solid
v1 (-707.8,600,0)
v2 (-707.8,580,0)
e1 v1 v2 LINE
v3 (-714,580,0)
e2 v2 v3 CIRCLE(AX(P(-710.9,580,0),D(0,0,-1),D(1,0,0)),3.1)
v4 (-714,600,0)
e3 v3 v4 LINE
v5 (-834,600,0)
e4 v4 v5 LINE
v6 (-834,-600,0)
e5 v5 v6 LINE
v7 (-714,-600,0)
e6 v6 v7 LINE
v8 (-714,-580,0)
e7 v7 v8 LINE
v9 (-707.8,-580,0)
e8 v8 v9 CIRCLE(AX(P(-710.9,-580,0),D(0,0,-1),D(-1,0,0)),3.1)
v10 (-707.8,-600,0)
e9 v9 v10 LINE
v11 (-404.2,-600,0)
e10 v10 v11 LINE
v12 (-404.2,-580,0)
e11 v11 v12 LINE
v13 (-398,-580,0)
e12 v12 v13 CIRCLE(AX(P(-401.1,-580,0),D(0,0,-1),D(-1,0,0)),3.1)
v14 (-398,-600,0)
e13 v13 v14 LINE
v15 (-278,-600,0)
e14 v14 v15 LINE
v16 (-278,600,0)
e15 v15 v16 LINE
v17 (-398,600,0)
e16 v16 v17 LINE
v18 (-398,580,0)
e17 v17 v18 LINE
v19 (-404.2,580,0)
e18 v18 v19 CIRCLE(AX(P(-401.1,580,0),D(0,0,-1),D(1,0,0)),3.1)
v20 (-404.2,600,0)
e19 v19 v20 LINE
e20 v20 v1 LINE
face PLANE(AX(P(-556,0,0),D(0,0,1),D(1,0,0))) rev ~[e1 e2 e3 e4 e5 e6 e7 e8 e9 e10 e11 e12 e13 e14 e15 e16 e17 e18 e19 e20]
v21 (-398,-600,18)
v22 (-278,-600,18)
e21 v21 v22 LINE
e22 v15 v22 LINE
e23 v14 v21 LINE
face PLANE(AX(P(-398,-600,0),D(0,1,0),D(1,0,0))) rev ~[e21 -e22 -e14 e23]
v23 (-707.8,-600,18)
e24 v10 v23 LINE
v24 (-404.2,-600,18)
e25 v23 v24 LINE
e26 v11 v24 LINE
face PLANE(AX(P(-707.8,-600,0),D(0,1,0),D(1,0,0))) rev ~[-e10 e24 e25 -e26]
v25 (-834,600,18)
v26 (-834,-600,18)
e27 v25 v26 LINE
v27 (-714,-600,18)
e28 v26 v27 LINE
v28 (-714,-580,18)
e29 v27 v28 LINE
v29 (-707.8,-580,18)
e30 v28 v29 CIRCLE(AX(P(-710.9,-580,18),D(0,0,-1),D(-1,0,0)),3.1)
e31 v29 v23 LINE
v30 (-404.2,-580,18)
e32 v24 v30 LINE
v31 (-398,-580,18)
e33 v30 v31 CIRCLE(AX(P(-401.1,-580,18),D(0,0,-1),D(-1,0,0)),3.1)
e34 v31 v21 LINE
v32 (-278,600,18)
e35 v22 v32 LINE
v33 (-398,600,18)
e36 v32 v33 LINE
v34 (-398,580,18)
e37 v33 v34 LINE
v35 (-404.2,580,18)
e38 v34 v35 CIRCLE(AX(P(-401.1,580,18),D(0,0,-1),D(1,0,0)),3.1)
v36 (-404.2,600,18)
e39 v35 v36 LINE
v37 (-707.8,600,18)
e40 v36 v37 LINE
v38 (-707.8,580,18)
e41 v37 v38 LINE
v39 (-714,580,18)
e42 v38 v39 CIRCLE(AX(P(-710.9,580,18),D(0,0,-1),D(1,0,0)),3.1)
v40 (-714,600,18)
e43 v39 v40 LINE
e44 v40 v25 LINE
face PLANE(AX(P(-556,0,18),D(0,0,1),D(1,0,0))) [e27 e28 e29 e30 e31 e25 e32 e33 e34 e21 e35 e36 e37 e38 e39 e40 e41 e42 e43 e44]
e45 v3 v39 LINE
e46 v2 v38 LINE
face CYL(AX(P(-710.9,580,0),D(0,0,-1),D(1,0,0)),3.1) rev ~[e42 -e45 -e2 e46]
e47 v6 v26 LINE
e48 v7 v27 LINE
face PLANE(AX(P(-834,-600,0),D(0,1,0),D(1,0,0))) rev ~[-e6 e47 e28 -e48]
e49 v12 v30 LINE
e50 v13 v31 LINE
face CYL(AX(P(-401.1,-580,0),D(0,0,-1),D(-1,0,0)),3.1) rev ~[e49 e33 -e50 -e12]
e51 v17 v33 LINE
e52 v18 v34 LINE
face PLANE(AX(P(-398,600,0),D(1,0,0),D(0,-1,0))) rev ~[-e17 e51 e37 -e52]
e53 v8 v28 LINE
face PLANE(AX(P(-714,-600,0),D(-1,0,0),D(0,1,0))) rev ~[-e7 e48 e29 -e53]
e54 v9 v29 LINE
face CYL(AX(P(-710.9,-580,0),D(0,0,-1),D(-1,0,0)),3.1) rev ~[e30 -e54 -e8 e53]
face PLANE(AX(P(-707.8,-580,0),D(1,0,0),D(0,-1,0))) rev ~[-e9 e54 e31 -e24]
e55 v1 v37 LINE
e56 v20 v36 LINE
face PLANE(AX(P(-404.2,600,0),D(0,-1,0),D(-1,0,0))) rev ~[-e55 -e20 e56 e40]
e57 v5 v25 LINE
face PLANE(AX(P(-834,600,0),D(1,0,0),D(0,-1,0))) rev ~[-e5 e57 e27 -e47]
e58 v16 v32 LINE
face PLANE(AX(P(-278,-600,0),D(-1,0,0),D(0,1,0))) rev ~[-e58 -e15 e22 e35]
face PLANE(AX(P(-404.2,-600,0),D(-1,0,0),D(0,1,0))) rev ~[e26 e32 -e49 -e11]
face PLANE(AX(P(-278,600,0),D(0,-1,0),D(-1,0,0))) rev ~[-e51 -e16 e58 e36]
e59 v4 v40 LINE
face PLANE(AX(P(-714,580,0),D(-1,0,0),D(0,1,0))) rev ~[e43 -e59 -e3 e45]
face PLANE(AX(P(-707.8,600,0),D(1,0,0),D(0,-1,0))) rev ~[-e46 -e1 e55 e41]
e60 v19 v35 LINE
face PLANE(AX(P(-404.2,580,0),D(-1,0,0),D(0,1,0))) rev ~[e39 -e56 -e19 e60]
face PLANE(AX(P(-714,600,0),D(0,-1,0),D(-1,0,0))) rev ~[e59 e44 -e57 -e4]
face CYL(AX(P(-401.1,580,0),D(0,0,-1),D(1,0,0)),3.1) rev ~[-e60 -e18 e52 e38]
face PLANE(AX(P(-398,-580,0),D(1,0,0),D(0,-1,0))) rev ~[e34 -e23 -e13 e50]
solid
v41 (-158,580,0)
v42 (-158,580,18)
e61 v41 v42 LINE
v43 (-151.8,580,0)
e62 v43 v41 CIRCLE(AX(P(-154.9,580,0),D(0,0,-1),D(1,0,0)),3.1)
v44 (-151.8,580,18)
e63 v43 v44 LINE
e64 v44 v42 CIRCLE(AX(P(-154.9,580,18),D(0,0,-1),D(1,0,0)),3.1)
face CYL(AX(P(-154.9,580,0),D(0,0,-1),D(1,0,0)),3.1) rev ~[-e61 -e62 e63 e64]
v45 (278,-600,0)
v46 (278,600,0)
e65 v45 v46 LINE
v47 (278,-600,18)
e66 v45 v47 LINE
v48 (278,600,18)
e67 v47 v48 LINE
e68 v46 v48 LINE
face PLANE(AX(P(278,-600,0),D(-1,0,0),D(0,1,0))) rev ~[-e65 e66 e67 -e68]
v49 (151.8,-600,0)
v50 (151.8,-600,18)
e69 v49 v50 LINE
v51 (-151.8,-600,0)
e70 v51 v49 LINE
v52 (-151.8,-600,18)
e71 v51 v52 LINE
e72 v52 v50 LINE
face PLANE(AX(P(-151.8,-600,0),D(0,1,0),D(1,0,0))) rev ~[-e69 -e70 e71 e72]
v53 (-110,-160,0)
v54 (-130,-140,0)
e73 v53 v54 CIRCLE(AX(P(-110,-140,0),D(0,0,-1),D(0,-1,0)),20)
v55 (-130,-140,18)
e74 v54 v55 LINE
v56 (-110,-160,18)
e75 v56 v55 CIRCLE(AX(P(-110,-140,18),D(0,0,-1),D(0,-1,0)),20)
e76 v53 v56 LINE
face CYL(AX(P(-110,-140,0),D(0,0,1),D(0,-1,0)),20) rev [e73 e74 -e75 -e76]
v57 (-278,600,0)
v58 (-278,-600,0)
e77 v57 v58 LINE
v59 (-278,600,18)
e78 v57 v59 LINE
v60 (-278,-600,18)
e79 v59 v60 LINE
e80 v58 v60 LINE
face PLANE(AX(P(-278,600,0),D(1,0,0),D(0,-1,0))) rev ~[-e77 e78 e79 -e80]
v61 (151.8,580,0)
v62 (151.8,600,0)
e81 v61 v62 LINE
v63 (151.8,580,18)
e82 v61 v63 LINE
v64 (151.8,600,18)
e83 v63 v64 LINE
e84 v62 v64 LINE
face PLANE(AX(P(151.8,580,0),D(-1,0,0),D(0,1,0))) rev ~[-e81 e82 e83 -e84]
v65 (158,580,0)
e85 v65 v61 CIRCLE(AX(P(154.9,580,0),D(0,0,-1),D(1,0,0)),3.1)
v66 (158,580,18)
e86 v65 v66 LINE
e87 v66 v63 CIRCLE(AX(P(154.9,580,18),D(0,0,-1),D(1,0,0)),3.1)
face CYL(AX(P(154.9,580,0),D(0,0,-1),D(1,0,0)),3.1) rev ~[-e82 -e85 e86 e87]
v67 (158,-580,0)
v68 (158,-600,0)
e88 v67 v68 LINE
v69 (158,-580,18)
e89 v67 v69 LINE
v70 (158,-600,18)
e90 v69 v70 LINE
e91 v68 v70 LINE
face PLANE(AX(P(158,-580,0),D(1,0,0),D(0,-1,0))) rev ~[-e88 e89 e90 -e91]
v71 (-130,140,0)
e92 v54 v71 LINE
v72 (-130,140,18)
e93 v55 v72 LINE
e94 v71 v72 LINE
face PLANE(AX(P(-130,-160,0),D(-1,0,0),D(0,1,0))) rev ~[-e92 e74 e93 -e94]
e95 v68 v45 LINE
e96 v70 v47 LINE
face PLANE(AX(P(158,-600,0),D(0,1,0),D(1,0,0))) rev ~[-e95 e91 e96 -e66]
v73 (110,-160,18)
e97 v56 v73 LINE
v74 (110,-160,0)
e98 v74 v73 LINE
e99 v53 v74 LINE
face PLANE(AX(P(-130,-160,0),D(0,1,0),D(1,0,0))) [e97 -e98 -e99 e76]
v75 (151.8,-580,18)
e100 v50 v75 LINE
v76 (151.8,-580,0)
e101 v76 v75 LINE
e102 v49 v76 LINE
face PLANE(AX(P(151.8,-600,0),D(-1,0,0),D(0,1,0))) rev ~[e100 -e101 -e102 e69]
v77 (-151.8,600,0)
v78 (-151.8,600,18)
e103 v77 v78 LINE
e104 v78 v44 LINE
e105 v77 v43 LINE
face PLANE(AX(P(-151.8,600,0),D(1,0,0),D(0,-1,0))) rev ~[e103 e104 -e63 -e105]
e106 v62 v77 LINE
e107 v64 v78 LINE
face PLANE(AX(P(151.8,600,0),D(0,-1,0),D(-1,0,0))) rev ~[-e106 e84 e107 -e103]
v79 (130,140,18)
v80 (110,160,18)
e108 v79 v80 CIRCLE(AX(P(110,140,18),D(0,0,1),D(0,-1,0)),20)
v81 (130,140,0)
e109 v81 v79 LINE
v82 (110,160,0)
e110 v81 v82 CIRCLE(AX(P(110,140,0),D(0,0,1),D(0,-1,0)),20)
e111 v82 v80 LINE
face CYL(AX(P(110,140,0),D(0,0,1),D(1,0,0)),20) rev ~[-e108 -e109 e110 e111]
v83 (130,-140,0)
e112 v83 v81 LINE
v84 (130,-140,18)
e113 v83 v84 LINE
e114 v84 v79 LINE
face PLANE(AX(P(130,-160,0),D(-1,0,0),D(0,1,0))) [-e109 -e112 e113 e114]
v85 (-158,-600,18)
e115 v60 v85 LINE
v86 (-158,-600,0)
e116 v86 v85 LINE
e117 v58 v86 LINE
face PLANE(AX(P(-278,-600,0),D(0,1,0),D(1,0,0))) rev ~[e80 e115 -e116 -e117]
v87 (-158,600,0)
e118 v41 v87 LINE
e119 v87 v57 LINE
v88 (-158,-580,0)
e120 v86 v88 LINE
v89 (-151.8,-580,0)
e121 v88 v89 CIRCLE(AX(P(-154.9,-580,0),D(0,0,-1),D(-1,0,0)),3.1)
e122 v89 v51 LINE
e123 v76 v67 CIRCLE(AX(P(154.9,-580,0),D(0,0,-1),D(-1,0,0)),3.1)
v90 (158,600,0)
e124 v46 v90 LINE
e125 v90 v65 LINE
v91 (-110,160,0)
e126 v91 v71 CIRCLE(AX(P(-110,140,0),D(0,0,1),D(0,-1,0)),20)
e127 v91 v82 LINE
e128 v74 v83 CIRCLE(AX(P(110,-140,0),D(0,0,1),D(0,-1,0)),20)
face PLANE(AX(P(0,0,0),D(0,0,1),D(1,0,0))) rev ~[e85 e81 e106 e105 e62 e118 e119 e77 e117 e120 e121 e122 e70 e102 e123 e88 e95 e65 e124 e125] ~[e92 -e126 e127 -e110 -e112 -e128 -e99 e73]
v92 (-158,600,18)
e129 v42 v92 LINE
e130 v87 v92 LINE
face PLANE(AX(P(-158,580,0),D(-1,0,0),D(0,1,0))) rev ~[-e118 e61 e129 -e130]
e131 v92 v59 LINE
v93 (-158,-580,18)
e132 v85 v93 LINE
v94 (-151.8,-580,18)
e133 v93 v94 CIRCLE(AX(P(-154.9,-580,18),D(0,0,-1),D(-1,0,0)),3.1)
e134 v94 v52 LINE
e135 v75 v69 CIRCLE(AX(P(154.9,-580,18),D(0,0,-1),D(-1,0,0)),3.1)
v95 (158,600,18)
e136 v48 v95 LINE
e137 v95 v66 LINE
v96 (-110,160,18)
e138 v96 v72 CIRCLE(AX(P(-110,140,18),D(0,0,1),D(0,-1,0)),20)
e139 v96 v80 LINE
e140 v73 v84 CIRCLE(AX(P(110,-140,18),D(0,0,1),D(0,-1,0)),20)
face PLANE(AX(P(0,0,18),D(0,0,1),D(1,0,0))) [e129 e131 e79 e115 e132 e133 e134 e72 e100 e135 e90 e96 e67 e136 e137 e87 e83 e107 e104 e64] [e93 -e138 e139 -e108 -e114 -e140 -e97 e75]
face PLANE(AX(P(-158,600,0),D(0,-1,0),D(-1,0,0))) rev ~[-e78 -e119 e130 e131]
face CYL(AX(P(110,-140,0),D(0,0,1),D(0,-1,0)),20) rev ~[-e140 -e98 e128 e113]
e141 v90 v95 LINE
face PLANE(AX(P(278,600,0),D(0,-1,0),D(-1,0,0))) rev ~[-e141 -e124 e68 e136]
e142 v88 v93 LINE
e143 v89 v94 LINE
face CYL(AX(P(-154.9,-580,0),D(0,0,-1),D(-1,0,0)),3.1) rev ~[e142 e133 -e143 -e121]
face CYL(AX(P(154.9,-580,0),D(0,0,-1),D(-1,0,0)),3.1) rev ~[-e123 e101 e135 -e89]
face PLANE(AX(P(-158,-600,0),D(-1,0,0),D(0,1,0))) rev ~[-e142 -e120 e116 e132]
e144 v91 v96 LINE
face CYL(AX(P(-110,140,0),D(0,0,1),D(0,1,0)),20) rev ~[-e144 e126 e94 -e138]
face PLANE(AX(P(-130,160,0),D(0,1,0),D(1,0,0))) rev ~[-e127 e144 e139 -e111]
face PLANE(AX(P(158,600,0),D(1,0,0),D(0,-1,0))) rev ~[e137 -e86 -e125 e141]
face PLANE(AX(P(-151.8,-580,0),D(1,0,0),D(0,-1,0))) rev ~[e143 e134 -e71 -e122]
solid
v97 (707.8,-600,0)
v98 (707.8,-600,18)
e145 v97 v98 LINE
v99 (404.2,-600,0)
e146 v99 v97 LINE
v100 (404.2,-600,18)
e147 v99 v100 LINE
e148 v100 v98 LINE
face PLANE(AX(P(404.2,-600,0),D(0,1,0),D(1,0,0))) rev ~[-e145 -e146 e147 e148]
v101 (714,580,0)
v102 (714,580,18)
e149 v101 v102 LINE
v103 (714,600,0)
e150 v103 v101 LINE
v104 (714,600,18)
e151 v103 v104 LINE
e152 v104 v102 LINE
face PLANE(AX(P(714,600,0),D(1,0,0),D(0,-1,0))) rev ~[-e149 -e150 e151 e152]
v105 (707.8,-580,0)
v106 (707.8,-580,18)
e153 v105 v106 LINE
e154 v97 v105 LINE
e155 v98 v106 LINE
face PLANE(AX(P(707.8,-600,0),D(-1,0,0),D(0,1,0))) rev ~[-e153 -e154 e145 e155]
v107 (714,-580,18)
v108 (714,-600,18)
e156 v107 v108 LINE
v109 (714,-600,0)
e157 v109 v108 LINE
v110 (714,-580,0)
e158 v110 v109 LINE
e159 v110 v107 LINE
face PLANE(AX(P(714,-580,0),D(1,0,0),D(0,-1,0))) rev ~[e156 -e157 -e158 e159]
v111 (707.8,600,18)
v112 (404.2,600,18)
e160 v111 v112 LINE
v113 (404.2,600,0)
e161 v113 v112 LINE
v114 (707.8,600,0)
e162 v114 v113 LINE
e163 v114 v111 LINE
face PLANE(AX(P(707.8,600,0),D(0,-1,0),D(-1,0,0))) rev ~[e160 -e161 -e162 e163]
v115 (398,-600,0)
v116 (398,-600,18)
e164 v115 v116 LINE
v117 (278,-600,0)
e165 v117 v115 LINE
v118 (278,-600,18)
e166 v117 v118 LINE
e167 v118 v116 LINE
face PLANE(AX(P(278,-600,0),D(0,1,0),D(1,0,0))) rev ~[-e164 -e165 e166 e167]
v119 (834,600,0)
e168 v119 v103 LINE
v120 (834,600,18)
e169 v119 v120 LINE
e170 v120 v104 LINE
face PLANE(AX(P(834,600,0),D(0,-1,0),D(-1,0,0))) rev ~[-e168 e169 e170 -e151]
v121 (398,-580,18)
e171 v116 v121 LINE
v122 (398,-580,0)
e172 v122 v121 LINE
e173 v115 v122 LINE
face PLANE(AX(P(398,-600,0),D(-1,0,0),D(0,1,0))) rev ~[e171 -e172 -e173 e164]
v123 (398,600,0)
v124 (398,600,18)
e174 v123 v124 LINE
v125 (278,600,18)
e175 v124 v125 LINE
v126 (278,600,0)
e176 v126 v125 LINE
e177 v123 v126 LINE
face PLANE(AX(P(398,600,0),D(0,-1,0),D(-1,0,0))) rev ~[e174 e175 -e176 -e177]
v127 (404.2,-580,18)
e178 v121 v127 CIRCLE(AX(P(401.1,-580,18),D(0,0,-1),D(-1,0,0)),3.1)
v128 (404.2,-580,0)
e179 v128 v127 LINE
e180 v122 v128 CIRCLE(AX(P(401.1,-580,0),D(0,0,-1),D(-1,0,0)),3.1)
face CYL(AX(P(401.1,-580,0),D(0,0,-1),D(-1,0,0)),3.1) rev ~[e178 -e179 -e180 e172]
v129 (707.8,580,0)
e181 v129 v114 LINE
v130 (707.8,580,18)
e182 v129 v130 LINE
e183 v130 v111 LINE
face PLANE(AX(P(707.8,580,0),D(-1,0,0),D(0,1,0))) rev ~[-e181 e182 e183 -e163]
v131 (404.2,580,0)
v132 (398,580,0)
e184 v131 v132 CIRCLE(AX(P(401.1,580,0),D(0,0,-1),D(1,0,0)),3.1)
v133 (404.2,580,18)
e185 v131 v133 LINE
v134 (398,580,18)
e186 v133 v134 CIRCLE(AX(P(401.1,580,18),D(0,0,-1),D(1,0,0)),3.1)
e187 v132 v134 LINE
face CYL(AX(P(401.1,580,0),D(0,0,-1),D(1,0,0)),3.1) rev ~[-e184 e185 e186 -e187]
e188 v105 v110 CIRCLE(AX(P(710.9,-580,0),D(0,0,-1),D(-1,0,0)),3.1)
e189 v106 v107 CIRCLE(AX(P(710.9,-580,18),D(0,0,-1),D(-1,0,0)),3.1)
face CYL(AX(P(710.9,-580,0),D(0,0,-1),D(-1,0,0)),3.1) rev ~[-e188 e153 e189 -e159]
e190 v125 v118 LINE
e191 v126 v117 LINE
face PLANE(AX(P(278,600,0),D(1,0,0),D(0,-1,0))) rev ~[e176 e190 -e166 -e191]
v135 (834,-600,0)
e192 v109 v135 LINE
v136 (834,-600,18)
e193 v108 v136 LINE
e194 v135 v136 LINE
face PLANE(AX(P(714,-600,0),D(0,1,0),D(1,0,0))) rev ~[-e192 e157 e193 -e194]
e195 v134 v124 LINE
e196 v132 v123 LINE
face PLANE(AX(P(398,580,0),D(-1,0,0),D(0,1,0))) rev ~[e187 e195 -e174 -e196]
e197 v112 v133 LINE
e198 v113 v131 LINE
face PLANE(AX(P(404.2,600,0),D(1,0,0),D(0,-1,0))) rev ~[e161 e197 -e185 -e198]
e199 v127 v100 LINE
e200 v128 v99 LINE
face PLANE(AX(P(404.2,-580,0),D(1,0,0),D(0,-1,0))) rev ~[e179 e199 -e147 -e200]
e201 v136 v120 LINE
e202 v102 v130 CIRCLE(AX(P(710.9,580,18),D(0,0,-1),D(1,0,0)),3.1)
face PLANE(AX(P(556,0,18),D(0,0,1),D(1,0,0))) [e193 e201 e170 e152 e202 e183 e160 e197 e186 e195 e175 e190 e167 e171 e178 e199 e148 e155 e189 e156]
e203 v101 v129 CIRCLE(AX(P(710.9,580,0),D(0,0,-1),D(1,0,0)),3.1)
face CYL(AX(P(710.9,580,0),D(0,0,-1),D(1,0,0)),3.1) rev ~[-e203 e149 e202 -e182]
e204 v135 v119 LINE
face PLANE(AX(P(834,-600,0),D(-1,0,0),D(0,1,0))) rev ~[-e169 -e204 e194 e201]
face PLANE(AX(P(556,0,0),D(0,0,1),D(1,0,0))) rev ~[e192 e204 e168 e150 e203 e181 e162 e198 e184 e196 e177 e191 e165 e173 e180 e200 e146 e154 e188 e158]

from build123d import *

# Parameters (mm, degrees)
F0_W     = 260
F0_H     = 320
F1_DEPTH = 18
F2_DEPTH = 18
F3_DEPTH = 18
F4_R     = 20


with BuildPart() as f1:
    # F0 (on Top) → F1 (new body)
    with BuildSketch(Plane.XY):
        with BuildLine():
            Line((278, -600), (278, 600))
            Line((278, 600), (158, 600))
            Line((158, 600), (158, 580))
            ThreePointArc((158, 580), (154.9, 576.9), (151.8, 580))
            Line((151.8, 580), (151.8, 600))
            Line((151.8, 600), (-151.8, 600))
            Line((-151.8, 600), (-151.8, 580))
            ThreePointArc((-151.8, 580), (-154.9, 576.9), (-158, 580))
            Line((-158, 580), (-158, 600))
            Line((-158, 600), (-278, 600))
            Line((-278, 600), (-278, -600))
            Line((-278, -600), (-158, -600))
            Line((-158, -600), (-158, -580))
            ThreePointArc((-158, -580), (-154.9, -576.9), (-151.8, -580))
            Line((-151.8, -580), (-151.8, -600))
            Line((-151.8, -600), (151.8, -600))
            Line((151.8, -600), (151.8, -580))
            ThreePointArc((151.8, -580), (154.9, -576.9), (158, -580))
            Line((158, -580), (158, -600))
            Line((158, -600), (278, -600))
        make_face()
        Rectangle(F0_W, F0_H, mode=Mode.SUBTRACT)
    extrude(amount=F1_DEPTH)

    # F4
    f4_edges = [f1.edges().sort_by_distance(p)[0] for p in [
        (-130, 160, 9),
        (130, 160, 9),
        (-130, -160, 9),
        (130, -160, 9),
    ]]
    fillet(f4_edges, radius=F4_R)


with BuildPart() as f2:
    # F0 (on Top) → F2 (new body, through all)
    with BuildSketch(Plane.XY):
        with BuildLine():
            Line((-278, -600), (-278, 600))
            Line((-278, 600), (-398, 600))
            Line((-398, 600), (-398, 580))
            ThreePointArc((-398, 580), (-401.1, 576.9), (-404.2, 580))
            Line((-404.2, 580), (-404.2, 600))
            Line((-404.2, 600), (-707.8, 600))
            Line((-707.8, 600), (-707.8, 580))
            ThreePointArc((-707.8, 580), (-710.9, 576.9), (-714, 580))
            Line((-714, 580), (-714, 600))
            Line((-714, 600), (-834, 600))
            Line((-834, 600), (-834, -600))
            Line((-834, -600), (-714, -600))
            Line((-714, -600), (-714, -580))
            ThreePointArc((-714, -580), (-710.9, -576.9), (-707.8, -580))
            Line((-707.8, -580), (-707.8, -600))
            Line((-707.8, -600), (-404.2, -600))
            Line((-404.2, -600), (-404.2, -580))
            ThreePointArc((-404.2, -580), (-401.1, -576.9), (-398, -580))
            Line((-398, -580), (-398, -600))
            Line((-398, -600), (-278, -600))
        make_face()
    extrude(amount=F2_DEPTH)


with BuildPart() as f3:
    # F0 (on Top) → F3 (new body, through all)
    with BuildSketch(Plane.XY):
        with BuildLine():
            Line((834, -600), (834, 600))
            Line((834, 600), (714, 600))
            Line((714, 600), (714, 580))
            ThreePointArc((714, 580), (710.9, 576.9), (707.8, 580))
            Line((707.8, 580), (707.8, 600))
            Line((707.8, 600), (404.2, 600))
            Line((404.2, 600), (404.2, 580))
            ThreePointArc((404.2, 580), (401.1, 576.9), (398, 580))
            Line((398, 580), (398, 600))
            Line((398, 600), (278, 600))
            Line((278, 600), (278, -600))
            Line((278, -600), (398, -600))
            Line((398, -600), (398, -580))
            ThreePointArc((398, -580), (401.1, -576.9), (404.2, -580))
            Line((404.2, -580), (404.2, -600))
            Line((404.2, -600), (707.8, -600))
            Line((707.8, -600), (707.8, -580))
            ThreePointArc((707.8, -580), (710.9, -576.9), (714, -580))
            Line((714, -580), (714, -600))
            Line((714, -600), (834, -600))
        make_face()
    extrude(amount=F3_DEPTH)


solid = Compound([f1.part, f2.part, f3.part])
